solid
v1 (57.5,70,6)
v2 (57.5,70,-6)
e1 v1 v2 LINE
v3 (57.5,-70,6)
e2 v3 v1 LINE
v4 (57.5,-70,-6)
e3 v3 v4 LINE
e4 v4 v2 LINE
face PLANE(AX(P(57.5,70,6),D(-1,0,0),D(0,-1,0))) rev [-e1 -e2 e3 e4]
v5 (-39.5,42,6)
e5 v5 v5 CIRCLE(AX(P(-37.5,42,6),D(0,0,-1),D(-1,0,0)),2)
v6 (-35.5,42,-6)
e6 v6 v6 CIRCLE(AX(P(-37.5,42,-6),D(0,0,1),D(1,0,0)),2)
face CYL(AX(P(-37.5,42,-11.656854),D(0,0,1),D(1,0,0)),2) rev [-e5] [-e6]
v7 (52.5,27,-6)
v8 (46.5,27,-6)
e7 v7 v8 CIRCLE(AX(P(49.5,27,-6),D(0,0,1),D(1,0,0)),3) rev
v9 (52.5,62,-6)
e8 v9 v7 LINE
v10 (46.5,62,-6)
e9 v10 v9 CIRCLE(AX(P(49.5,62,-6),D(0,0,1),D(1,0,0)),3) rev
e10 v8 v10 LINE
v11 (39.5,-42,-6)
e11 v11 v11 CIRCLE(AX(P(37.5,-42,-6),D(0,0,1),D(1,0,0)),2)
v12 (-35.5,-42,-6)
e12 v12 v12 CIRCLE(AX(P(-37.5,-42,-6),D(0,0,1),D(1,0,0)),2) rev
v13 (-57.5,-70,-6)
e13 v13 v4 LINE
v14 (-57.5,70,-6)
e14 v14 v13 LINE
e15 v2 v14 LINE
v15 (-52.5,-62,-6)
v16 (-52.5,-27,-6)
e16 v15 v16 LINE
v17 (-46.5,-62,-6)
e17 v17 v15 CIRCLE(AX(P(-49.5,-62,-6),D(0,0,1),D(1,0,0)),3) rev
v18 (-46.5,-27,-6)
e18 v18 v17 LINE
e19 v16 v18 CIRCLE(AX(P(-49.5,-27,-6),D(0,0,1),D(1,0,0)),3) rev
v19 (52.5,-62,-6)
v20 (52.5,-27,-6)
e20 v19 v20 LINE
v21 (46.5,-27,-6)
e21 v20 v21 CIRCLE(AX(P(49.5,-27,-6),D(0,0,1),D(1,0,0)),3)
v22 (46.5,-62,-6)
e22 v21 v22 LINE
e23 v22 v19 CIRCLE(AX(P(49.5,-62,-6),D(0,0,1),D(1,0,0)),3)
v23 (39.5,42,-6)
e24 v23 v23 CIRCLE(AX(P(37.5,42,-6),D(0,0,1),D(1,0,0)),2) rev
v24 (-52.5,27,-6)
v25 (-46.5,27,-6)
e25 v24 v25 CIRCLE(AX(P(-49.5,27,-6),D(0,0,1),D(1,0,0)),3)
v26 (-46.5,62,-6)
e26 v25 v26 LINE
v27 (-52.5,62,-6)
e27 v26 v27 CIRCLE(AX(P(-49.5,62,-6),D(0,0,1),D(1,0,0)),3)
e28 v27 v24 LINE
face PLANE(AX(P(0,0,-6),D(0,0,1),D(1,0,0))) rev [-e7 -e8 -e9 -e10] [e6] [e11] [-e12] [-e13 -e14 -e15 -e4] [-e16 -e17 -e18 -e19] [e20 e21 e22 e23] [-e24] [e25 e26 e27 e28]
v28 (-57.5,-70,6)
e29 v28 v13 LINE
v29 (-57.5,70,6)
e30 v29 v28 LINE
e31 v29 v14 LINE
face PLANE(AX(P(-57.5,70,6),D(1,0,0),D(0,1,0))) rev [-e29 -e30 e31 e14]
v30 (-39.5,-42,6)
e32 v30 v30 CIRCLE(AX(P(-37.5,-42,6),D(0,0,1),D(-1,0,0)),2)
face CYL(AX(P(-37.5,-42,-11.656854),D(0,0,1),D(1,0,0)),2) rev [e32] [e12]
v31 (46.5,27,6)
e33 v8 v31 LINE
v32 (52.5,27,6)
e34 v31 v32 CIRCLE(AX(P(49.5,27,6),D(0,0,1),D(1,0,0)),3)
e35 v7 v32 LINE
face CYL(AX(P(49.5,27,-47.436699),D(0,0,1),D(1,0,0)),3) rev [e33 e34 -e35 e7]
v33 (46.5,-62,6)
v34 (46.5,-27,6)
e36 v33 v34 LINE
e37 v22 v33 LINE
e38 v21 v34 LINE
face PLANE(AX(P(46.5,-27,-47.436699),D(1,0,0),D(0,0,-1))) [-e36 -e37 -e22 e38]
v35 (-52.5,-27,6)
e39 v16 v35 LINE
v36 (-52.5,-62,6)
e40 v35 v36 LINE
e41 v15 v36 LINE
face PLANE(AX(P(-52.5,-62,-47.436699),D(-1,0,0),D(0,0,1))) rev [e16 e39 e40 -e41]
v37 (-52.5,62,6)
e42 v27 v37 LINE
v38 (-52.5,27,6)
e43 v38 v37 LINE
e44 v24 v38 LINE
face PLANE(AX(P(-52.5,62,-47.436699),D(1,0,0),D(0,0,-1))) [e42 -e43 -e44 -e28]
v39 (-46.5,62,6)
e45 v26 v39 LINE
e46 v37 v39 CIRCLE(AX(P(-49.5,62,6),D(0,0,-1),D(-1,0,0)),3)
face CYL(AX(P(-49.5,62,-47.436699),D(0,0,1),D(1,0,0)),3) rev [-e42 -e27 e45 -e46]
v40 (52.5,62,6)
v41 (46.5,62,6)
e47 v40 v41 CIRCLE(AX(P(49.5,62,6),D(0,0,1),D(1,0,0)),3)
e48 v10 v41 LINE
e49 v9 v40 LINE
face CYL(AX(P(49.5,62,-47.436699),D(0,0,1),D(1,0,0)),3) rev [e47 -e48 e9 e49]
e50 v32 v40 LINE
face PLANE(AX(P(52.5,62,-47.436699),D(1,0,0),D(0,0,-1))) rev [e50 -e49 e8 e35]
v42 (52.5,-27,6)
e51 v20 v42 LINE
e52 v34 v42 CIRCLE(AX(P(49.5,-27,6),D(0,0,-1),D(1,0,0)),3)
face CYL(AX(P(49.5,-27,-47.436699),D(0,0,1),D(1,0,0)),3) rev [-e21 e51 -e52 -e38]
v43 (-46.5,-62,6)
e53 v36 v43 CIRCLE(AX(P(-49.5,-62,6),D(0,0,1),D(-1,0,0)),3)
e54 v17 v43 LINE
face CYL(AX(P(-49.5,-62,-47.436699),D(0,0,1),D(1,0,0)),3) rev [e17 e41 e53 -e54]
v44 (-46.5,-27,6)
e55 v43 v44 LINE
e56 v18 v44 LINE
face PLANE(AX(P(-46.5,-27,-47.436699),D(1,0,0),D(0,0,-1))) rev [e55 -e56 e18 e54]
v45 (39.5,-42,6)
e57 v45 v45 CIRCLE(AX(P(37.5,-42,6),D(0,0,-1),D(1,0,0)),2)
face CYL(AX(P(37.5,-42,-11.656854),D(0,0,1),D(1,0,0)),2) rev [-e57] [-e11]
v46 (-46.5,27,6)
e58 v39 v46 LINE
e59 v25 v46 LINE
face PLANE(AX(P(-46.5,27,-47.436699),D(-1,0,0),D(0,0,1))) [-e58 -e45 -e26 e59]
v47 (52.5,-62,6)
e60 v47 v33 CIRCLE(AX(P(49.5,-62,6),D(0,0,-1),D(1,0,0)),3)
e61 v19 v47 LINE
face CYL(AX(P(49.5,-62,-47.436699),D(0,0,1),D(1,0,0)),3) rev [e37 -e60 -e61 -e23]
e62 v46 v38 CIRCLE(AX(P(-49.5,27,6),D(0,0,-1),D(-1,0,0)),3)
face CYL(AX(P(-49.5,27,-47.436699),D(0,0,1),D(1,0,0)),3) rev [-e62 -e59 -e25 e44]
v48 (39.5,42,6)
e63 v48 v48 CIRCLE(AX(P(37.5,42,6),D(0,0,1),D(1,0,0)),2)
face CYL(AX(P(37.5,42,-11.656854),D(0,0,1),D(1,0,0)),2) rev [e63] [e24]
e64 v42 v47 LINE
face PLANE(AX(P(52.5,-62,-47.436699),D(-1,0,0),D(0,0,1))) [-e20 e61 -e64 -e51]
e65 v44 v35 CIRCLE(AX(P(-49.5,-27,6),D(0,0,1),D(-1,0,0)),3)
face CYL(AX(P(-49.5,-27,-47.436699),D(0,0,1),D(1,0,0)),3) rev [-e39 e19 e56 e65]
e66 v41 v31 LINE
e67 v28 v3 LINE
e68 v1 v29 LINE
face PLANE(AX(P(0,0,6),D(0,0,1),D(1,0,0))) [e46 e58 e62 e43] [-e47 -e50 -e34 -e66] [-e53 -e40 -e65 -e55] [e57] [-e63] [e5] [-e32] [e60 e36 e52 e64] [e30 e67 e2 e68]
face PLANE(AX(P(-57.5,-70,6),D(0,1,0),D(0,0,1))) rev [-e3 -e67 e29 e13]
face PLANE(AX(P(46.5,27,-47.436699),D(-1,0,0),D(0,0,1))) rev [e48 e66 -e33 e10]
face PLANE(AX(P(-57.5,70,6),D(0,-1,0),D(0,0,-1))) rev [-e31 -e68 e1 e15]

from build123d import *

# Parameters (mm, degrees)
SKETCH1_W               = 115
SKETCH1_H               = 140
BOSS_EXTRUDE1_DEPTH     = 6
CUT_EXTRUDE1_DEPTH      = 12
SKETCH5_R               = 2
CUT_EXTRUDE2_DEPTH      = 12
MIRROR2_COPY_1_DEPTH    = 12
MIRROR2_COPY_2_SKETCH_R = 2
MIRROR2_COPY_2_DEPTH    = 12


with BuildPart() as part:
    # Sketch1 → Boss-Extrude1 (new, symmetric)
    with BuildSketch(Plane.XY):
        Rectangle(SKETCH1_W, SKETCH1_H)
    extrude(amount=BOSS_EXTRUDE1_DEPTH, both=True)

    # Sketch4 → Cut-Extrude1 (cut)
    with BuildSketch(Plane.XY.offset(6)):
        with BuildLine():
            Line((52.5, 62), (52.5, 27))
            ThreePointArc((52.5, 27), (49.5, 24), (46.5, 27))
            Line((46.5, 27), (46.5, 62))
            ThreePointArc((46.5, 62), (49.5, 65), (52.5, 62))
        make_face()
    cut_extrude1 = extrude(amount=-CUT_EXTRUDE1_DEPTH, mode=Mode.SUBTRACT)

    # Sketch5 → Cut-Extrude2 (cut)
    with BuildSketch(Plane.XY.offset(6)):
        with Locations((37.5, 42)):
            Circle(SKETCH5_R)
    cut_extrude2 = extrude(amount=-CUT_EXTRUDE2_DEPTH, mode=Mode.SUBTRACT)

    # Mirror1: Cut-Extrude1, Cut-Extrude2 across plane
    add(cut_extrude1.mirror(Plane.ZX), mode=Mode.SUBTRACT)
    add(cut_extrude2.mirror(Plane.ZX), mode=Mode.SUBTRACT)

    # Mirror2: Cut-Extrude1, Cut-Extrude2 across plane
    add(cut_extrude1.mirror(Plane(origin=(0, 0, 0), x_dir=(0, 0, 1), z_dir=(1, 0, 0))), mode=Mode.SUBTRACT)
    add(cut_extrude2.mirror(Plane(origin=(0, 0, 0), x_dir=(0, 0, 1), z_dir=(1, 0, 0))), mode=Mode.SUBTRACT)

    # Mirror2 copy 1 sketch → Mirror2 copy 1 (cut)
    with BuildSketch(Plane(origin=(0, 0, 6), x_dir=(-1, 0, 0), z_dir=(0, 0, 1))):
        with BuildLine():
            Line((52.5, 62), (52.5, 27))
            ThreePointArc((52.5, 27), (49.5, 24), (46.5, 27))
            Line((46.5, 27), (46.5, 62))
            ThreePointArc((46.5, 62), (49.5, 65), (52.5, 62))
        make_face()
    extrude(amount=-MIRROR2_COPY_1_DEPTH, mode=Mode.SUBTRACT)

    # Mirror2 copy 2 sketch → Mirror2 copy 2 (cut)
    with BuildSketch(Plane(origin=(0, 0, 6), x_dir=(-1, 0, 0), z_dir=(0, 0, 1))):
        with Locations((37.5, 42)):
            Circle(MIRROR2_COPY_2_SKETCH_R)
    extrude(amount=-MIRROR2_COPY_2_DEPTH, mode=Mode.SUBTRACT)


solid = part.part
